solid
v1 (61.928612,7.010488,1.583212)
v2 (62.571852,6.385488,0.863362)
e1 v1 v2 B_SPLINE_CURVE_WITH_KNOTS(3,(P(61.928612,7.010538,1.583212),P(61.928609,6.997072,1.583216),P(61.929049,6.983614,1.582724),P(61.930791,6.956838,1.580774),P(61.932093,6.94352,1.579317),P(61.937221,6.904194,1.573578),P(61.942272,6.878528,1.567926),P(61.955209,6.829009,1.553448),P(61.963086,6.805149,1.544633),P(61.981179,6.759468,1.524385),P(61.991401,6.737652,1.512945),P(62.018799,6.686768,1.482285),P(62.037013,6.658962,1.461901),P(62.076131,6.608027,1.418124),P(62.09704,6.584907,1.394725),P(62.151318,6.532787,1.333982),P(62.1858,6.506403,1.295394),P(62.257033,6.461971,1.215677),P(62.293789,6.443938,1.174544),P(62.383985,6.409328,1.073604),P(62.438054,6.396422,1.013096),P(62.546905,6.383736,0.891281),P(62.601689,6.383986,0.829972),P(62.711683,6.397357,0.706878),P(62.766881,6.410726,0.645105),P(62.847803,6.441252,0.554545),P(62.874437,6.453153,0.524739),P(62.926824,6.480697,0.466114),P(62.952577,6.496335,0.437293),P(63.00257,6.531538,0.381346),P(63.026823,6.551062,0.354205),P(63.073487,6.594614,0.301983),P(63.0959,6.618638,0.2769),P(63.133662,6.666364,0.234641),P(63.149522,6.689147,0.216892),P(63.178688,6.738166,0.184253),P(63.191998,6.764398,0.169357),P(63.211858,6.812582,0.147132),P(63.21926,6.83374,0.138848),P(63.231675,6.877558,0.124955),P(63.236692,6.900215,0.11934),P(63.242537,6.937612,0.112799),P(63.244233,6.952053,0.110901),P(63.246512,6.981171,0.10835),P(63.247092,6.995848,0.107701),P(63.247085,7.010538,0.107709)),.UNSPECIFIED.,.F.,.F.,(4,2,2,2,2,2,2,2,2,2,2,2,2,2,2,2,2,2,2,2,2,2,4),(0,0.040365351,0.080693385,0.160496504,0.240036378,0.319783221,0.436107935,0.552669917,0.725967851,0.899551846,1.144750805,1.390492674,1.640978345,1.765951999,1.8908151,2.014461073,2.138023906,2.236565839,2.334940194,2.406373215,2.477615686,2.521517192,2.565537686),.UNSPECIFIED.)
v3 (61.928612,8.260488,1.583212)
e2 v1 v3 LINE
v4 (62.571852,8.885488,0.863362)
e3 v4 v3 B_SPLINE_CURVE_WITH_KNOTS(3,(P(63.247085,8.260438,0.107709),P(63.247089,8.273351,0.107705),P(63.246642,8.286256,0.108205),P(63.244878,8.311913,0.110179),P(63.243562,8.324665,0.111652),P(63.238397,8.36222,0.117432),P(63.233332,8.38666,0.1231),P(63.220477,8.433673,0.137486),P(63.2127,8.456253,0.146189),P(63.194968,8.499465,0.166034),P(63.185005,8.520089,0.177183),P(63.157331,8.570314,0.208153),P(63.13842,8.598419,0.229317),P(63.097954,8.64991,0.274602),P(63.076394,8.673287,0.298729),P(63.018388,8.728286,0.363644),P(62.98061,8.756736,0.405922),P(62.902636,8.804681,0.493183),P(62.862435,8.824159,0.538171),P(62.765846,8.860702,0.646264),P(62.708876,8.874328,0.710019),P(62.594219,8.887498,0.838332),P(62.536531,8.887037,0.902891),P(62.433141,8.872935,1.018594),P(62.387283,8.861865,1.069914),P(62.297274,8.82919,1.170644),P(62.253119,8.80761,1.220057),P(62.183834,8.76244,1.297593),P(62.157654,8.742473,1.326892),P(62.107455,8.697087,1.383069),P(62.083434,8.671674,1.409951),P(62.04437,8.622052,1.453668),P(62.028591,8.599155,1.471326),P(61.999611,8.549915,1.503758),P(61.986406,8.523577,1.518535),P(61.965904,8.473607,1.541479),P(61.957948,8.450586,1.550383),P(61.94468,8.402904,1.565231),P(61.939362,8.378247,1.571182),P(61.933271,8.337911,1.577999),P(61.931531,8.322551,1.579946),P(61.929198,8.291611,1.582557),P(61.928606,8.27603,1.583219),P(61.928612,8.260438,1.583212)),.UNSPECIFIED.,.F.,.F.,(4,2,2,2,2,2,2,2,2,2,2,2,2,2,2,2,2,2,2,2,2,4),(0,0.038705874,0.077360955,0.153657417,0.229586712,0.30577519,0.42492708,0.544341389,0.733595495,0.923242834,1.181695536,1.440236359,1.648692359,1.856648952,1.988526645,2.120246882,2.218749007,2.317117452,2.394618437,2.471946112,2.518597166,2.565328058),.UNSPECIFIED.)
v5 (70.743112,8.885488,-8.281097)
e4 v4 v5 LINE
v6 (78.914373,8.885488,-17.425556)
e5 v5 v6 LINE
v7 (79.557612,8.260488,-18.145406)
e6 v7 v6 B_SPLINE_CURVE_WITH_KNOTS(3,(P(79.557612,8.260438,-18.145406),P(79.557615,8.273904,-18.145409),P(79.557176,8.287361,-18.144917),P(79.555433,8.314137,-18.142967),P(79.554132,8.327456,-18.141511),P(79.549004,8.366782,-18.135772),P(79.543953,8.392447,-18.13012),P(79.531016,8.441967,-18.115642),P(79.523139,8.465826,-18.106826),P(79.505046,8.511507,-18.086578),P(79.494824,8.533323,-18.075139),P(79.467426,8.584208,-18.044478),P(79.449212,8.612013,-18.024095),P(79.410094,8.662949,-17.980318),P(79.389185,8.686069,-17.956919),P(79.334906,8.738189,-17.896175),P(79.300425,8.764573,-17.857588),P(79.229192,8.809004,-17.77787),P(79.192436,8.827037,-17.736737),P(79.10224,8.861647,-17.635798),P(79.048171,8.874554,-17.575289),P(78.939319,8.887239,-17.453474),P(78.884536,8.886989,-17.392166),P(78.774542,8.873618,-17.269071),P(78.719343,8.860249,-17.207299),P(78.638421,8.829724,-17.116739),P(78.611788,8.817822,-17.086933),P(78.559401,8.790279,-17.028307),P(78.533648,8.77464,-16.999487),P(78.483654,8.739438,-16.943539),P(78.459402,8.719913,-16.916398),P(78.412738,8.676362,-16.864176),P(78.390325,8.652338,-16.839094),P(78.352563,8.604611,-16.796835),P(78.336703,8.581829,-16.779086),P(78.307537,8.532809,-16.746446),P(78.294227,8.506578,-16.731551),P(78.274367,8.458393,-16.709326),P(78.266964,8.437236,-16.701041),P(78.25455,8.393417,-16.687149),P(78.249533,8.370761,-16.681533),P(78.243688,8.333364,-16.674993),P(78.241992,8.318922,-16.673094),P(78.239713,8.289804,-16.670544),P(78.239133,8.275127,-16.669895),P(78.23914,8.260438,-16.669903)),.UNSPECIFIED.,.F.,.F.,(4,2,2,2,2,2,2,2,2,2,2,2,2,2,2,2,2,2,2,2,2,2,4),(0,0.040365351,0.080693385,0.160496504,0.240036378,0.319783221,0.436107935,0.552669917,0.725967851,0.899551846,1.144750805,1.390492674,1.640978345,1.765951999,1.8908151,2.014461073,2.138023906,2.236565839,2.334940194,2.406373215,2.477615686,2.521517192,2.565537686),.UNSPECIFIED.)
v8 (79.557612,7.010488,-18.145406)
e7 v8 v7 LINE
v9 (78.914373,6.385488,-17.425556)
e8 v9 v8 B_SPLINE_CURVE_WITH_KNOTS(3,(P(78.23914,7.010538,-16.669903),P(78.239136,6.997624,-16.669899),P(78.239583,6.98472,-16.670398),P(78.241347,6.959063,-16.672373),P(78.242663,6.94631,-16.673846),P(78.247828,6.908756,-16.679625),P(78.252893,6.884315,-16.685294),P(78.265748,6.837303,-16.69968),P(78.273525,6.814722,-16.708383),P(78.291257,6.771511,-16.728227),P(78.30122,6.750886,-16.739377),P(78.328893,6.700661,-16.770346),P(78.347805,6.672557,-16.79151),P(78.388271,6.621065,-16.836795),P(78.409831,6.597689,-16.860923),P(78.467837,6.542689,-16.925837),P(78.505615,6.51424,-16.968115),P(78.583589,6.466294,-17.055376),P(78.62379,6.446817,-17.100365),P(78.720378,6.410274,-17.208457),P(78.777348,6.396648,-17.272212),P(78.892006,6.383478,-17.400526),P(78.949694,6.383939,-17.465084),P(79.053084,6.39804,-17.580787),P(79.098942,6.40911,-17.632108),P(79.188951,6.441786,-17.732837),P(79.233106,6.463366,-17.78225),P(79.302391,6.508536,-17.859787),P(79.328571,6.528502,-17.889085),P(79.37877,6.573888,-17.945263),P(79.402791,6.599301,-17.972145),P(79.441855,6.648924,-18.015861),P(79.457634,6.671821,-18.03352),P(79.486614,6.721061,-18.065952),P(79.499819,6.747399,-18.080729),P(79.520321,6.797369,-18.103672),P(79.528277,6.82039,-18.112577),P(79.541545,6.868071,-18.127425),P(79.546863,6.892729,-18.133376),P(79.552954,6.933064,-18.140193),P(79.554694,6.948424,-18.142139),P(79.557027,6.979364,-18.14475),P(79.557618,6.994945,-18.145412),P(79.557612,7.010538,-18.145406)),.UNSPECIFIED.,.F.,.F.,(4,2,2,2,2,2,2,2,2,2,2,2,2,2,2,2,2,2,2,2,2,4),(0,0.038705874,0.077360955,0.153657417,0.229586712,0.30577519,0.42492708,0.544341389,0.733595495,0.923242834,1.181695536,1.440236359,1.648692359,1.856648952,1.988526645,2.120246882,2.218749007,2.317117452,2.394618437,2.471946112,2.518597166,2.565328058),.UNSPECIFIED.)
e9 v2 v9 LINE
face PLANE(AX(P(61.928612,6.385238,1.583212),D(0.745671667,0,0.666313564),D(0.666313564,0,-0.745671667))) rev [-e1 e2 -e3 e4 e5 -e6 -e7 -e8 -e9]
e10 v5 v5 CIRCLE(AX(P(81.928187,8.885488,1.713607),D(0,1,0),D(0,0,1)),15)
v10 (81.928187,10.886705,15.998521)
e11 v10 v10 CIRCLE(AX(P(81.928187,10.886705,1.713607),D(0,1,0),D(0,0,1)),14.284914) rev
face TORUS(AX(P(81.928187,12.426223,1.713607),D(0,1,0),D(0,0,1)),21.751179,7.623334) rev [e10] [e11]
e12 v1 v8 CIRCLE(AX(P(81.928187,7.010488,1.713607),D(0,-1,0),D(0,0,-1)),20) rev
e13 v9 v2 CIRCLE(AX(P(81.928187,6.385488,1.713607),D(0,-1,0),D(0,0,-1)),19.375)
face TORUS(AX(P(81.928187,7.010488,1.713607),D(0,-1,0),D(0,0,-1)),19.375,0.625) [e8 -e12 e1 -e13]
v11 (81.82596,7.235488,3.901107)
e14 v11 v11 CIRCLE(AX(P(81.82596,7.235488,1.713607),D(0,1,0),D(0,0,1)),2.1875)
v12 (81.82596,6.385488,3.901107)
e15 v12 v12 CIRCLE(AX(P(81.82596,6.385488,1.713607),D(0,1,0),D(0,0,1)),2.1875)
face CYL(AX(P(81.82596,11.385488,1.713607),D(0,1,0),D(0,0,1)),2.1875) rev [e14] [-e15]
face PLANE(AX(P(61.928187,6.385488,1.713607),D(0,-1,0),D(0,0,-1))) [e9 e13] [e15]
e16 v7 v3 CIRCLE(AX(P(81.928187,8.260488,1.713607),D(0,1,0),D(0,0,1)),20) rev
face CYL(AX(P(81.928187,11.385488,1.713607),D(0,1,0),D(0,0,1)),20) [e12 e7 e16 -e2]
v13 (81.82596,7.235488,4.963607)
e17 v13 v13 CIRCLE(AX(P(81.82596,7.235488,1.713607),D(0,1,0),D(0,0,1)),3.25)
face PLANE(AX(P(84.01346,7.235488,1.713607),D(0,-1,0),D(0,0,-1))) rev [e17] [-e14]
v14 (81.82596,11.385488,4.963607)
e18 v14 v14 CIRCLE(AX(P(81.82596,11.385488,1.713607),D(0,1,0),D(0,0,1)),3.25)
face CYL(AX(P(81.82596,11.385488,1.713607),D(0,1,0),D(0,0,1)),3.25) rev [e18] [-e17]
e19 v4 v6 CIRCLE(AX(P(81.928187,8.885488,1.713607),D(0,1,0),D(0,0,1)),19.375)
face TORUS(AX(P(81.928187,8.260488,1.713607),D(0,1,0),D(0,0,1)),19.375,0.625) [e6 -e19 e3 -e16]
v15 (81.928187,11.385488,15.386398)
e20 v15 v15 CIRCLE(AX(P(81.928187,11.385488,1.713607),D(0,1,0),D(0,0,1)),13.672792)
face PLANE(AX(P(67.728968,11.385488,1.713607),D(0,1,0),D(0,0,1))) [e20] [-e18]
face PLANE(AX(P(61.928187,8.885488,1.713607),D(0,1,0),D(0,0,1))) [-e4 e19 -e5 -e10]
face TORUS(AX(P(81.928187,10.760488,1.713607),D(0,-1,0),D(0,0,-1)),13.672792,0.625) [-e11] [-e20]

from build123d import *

# Parameters (mm, degrees)
CONG_1_R                                           = 2.5
ENL_V_MAT_EXTRU_1_REACH                            = 181.165
CHAMBRAGE_POUR_VIS_T_TE_HEXAGONALE_M16_D           = 17.5
CHAMBRAGE_POUR_VIS_T_TE_HEXAGONALE_M16_DEPTH       = 20
CHAMBRAGE_POUR_VIS_T_TE_HEXAGONALE_M16_CBORE_D     = 26
CHAMBRAGE_POUR_VIS_T_TE_HEXAGONALE_M16_CBORE_DEPTH = 16.6
CHAMBRAGE_POUR_VIS_T_TE_HEXAGONALE_M16_TIP         = 5.257530416
ECHELLE1_SCALE                                     = 0.25


with BuildPart() as part:
    # Esquisse1 → Révolution1 (revolve)
    with BuildSketch(Plane.XY, mode=Mode.PRIVATE) as r_volution1_sk:
        with BuildLine():
            Line((0, 0), (80, 0))
            Line((80, 0), (80, 20))
            Line((80, 20), (23.203122076, 20))
            ThreePointArc((23.203122076, 20), (22.035240729, 14.861087101), (20, 10))
            Line((20, 10), (0, 10))
            Line((0, 10), (0, 0))
        make_face()
    revolve(r_volution1_sk.sketch.rotate(Axis((80, 20, 0), (0, -1, 0)), 270), axis=Axis((80, 20, 0), (0, -1, 0)))

    # Congé1
    cong_1_edges = [part.edges().sort_by_distance(p)[0] for p in [
        (80, 10, -80),
        (80, 20, -56.796877924),
        (80, 0, -80),
    ]]
    fillet(cong_1_edges, radius=CONG_1_R)

    # Esquisse3 → Enlèv. mat.-Extru.1 (cut, up to next)
    with BuildSketch(Plane(origin=(0, 10, 0), x_dir=(1, 0, 0), z_dir=(0, 1, 0)), mode=Mode.PRIVATE) as enl_v_mat_extru_1_sk1:
        with BuildLine():
            Line((0.001700291, 0.521578063), (70.517699728, 79.436049635))
            ThreePointArc((70.517699728, 79.436049635), (20.346266679, 53.305085132), (0.001700291, 0.521578063))
        make_face()
    enl_v_mat_extru_1_tool1 = extrude(enl_v_mat_extru_1_sk1.sketch, amount=-ENL_V_MAT_EXTRU_1_REACH, mode=Mode.PRIVATE) & part.part
    add(enl_v_mat_extru_1_tool1.solids().sort_by_distance((29.225405, 10, -45.370909))[0], mode=Mode.SUBTRACT)

    # Chambrage pour vis à tête hexagonale M161
    with Locations(Plane(origin=(0, 20, 0), x_dir=(1, 0, 0), z_dir=(0, 1, 0))):
        with Locations((79.591089576, 0)):
            CounterBoreHole(CHAMBRAGE_POUR_VIS_T_TE_HEXAGONALE_M16_D / 2, CHAMBRAGE_POUR_VIS_T_TE_HEXAGONALE_M16_CBORE_D / 2, CHAMBRAGE_POUR_VIS_T_TE_HEXAGONALE_M16_CBORE_DEPTH, depth=CHAMBRAGE_POUR_VIS_T_TE_HEXAGONALE_M16_DEPTH)
            with Locations((0, 0, -(CHAMBRAGE_POUR_VIS_T_TE_HEXAGONALE_M16_DEPTH + CHAMBRAGE_POUR_VIS_T_TE_HEXAGONALE_M16_TIP / 2))):  # 118° drill point
                Cone(0, CHAMBRAGE_POUR_VIS_T_TE_HEXAGONALE_M16_D / 2, CHAMBRAGE_POUR_VIS_T_TE_HEXAGONALE_M16_TIP, mode=Mode.SUBTRACT)


with BuildPart() as part_1:
    # Echelle1: scaled about (82.57091432, 8.513984125, 2.2848071)
    add(part.part.scale(ECHELLE1_SCALE).moved(Location((61.92818574, 6.385488094, 1.713605325))))


solid = part_1.part
